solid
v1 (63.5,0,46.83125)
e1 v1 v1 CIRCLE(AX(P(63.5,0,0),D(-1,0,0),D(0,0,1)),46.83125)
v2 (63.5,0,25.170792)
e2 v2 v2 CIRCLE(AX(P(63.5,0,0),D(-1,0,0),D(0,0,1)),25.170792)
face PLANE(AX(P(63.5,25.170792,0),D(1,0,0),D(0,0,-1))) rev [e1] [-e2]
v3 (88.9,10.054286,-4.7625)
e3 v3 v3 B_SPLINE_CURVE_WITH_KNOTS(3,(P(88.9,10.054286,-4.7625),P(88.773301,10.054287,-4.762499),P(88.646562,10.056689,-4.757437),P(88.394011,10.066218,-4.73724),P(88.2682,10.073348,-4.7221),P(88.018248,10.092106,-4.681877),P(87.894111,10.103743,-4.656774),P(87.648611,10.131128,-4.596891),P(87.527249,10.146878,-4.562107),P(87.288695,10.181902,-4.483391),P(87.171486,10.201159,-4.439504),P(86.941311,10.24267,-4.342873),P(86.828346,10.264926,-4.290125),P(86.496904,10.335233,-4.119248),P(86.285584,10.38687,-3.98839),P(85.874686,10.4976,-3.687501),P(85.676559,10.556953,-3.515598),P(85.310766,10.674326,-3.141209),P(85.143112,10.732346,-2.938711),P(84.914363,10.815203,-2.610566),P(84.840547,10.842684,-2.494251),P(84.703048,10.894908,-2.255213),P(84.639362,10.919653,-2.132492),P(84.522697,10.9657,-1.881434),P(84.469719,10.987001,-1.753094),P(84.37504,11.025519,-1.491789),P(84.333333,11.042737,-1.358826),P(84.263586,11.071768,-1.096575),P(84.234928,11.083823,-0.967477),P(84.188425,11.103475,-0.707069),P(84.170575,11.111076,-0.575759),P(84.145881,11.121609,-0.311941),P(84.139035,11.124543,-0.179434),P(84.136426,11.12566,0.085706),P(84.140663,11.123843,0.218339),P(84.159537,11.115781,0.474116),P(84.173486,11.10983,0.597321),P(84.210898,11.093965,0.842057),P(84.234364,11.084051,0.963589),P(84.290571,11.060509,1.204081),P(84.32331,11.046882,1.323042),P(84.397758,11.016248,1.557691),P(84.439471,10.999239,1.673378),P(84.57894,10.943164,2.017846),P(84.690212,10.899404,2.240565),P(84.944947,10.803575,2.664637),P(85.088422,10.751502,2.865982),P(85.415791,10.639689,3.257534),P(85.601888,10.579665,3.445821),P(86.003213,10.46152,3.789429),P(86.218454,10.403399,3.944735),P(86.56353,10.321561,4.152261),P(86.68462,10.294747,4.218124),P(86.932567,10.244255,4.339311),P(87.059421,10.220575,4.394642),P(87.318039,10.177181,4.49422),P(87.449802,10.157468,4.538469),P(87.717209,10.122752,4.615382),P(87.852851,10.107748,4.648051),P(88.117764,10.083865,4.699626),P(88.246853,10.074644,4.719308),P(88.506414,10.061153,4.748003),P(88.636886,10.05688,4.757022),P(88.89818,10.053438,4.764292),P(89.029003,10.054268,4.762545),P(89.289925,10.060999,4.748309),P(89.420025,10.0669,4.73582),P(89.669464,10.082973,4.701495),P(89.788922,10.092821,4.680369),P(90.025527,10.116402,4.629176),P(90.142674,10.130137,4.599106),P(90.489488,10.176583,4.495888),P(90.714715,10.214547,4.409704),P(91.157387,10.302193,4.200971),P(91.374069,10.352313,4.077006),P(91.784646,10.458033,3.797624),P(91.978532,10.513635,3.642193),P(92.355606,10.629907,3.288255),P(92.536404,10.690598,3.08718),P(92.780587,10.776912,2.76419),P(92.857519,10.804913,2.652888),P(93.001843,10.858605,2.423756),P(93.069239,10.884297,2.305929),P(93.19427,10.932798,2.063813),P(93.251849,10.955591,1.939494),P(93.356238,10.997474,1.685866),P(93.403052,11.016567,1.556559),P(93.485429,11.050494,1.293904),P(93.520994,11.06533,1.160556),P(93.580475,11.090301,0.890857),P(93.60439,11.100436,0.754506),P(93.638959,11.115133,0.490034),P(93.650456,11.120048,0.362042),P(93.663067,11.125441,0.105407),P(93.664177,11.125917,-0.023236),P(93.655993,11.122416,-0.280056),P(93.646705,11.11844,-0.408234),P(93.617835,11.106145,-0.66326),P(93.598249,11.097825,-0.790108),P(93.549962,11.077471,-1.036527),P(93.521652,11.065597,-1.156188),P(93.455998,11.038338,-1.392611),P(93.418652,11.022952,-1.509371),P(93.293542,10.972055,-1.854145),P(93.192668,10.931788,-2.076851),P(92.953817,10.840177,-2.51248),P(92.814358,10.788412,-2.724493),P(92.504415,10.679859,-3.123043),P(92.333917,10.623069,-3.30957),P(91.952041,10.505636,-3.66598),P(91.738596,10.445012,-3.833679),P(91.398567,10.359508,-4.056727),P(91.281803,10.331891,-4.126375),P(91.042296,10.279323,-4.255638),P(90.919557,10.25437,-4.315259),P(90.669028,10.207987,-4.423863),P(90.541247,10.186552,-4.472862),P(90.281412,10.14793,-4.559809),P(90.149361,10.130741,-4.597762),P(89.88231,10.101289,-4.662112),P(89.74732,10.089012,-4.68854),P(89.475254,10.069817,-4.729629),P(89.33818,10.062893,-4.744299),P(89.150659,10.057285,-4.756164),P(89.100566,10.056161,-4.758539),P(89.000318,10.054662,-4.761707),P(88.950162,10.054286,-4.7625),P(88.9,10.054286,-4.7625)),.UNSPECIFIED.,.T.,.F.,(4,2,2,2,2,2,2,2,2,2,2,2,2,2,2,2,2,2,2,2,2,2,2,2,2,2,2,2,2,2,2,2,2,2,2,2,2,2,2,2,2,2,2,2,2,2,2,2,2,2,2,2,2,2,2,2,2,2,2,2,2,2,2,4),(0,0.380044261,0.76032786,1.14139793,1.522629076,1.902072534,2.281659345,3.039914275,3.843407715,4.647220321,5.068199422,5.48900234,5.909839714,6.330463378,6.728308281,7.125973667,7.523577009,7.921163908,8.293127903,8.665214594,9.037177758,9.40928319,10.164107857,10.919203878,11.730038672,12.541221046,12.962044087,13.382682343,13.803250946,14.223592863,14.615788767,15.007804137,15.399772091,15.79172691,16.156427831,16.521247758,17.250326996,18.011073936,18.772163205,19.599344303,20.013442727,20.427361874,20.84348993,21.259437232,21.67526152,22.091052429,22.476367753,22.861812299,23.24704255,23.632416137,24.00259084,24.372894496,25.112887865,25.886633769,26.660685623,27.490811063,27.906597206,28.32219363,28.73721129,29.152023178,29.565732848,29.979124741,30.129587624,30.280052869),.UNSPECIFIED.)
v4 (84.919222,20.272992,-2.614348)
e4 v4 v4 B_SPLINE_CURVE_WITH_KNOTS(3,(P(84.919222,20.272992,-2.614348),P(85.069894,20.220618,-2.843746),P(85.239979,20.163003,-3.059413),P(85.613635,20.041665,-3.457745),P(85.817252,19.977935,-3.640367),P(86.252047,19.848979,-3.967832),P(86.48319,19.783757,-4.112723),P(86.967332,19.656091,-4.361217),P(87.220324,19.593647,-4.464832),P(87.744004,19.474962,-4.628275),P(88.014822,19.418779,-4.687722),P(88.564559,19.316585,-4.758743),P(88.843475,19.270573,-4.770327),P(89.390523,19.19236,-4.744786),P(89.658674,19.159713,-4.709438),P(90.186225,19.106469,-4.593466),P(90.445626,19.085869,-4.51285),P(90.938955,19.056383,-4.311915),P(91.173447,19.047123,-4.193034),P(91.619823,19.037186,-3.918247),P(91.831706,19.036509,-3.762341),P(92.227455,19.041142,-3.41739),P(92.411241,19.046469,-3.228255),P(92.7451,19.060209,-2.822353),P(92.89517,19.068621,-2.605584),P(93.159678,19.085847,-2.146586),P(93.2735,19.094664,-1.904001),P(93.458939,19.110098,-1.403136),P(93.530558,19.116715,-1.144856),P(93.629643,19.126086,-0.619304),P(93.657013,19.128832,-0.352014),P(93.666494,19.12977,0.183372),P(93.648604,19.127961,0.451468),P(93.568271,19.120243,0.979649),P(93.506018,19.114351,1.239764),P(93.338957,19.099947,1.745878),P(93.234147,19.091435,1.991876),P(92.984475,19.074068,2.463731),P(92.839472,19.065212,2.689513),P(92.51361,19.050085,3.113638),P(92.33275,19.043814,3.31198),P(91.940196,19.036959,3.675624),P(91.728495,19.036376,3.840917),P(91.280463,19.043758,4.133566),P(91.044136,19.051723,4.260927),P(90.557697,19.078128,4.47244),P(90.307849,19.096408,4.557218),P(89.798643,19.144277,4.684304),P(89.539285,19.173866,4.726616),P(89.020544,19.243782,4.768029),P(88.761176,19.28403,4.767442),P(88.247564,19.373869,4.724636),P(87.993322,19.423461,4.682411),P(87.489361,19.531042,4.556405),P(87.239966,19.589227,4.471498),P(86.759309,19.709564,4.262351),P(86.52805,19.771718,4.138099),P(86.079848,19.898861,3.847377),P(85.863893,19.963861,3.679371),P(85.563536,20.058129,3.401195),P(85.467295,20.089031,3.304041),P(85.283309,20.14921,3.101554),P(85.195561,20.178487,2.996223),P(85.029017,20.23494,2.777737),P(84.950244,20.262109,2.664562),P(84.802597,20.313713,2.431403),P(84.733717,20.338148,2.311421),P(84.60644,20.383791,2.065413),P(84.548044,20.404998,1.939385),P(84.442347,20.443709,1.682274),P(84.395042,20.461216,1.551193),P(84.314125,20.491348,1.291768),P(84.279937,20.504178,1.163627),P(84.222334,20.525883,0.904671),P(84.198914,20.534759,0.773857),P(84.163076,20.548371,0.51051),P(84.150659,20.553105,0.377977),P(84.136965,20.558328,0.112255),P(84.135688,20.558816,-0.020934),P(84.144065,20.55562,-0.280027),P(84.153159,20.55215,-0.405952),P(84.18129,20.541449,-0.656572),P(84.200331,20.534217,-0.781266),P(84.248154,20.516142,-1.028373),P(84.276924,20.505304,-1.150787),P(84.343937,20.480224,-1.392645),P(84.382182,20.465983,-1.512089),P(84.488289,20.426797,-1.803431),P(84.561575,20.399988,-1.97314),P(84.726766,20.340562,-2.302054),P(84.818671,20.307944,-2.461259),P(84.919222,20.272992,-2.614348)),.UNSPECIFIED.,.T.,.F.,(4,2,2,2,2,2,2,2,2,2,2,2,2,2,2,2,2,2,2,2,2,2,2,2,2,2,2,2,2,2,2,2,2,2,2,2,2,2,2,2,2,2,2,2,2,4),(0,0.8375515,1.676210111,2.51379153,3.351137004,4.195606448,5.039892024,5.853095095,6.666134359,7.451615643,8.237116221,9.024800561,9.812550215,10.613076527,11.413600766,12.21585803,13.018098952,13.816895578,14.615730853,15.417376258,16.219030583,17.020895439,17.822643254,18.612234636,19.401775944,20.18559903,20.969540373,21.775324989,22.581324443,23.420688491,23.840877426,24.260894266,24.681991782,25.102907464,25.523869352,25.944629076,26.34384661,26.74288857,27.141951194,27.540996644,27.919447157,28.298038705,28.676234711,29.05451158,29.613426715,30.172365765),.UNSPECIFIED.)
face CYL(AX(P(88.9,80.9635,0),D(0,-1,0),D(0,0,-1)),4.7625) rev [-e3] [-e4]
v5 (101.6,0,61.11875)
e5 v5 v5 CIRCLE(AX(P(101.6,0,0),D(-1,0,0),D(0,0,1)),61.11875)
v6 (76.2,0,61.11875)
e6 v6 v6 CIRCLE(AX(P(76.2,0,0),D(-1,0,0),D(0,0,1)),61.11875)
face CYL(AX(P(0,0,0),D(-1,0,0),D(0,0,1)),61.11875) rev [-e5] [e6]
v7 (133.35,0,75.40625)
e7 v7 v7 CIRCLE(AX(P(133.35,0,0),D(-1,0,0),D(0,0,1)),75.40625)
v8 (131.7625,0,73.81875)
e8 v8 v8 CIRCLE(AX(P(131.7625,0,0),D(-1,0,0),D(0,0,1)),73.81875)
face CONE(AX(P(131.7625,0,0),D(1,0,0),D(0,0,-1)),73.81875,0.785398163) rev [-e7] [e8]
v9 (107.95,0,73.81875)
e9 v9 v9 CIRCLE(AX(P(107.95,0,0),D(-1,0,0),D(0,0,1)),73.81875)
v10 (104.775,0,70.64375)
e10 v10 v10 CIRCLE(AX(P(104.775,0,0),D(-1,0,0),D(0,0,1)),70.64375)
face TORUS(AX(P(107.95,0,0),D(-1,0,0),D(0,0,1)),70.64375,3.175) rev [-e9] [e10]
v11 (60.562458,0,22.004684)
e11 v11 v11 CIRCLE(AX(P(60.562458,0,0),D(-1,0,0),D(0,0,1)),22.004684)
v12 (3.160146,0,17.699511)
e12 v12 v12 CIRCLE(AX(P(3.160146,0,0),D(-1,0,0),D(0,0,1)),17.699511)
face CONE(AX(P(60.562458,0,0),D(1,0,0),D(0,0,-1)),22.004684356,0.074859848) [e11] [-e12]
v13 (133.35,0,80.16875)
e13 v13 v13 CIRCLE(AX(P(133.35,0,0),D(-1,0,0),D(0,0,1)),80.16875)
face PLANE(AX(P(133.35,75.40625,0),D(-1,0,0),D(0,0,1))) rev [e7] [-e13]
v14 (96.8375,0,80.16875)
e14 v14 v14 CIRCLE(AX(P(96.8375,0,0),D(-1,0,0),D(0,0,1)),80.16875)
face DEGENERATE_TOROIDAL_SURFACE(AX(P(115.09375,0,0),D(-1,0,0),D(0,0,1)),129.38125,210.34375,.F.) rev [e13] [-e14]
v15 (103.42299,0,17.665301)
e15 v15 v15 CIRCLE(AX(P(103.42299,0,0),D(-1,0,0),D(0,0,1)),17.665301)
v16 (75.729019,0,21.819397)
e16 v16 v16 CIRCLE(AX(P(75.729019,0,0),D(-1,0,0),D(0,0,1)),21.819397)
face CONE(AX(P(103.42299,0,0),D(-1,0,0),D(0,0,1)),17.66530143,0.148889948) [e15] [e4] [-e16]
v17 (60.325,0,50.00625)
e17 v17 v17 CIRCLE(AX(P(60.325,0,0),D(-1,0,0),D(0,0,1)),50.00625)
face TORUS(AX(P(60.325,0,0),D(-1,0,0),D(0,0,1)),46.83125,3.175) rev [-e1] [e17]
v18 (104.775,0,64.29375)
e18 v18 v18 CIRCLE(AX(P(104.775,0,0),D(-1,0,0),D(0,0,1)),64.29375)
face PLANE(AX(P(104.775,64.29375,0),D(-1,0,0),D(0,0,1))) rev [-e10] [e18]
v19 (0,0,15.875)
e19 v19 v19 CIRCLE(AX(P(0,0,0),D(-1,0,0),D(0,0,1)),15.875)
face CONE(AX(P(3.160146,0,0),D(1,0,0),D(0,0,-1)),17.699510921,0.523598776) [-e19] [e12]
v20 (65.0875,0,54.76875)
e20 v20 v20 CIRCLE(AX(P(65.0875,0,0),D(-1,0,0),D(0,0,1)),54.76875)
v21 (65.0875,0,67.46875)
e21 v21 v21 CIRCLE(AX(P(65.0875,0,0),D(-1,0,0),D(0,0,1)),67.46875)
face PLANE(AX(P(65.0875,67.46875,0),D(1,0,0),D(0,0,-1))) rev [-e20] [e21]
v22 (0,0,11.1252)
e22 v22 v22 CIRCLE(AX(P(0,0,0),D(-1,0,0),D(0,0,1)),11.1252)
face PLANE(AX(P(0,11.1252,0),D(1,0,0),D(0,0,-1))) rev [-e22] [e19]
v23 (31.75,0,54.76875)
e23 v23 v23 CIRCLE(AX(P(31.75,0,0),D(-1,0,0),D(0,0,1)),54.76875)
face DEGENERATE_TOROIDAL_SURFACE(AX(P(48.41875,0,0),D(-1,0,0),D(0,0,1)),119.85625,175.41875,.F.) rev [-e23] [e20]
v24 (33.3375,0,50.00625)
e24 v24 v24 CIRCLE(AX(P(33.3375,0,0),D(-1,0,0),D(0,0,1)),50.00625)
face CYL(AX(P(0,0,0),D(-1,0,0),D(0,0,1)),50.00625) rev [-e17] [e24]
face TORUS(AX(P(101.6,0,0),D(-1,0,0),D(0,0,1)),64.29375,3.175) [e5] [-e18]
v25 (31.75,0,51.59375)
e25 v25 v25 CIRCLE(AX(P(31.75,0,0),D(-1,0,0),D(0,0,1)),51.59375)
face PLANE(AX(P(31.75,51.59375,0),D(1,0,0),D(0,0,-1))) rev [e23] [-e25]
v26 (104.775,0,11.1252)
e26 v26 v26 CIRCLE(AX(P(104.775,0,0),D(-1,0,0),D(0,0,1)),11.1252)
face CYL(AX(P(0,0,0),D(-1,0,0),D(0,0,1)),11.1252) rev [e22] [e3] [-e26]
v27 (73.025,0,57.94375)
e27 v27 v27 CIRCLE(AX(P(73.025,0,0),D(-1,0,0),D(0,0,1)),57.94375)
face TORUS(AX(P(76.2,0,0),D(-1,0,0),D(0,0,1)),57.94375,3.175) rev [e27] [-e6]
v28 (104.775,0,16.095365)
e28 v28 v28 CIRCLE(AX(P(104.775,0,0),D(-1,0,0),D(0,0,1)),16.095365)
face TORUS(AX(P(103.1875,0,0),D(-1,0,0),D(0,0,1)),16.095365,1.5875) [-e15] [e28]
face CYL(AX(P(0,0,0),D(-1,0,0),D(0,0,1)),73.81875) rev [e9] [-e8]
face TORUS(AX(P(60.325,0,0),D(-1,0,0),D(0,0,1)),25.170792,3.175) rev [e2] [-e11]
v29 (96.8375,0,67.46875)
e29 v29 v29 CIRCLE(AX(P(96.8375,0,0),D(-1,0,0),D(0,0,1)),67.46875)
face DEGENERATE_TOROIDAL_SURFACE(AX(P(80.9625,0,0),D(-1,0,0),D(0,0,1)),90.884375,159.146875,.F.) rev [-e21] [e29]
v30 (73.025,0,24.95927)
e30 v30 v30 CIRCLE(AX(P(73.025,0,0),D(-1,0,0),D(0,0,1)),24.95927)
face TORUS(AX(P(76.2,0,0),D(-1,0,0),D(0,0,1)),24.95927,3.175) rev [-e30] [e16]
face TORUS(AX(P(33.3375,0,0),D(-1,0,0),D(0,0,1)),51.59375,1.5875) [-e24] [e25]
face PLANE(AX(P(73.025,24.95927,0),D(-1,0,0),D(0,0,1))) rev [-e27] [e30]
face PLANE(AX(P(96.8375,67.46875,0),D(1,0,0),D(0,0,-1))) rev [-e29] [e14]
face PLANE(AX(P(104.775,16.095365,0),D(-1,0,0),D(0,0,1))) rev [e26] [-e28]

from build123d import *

# Parameters (mm, degrees)
CUT_EXTRUDE1_REACH = 82.963
SKETCH2_R          = 4.7625


with BuildPart() as part:
    # Sketch1 → Revolve1 (revolve)
    with BuildSketch(Plane.XY):
        with BuildLine():
            Line((0, 11.1252), (0, 15.875))
            Line((0, 15.875), (3.160145614, 17.699510921))
            Line((3.160145614, 17.699510921), (60.562458086, 22.004684356))
            ThreePointArc((60.562458086, 22.004684356), (62.652504503, 23.011313573), (63.5, 25.170792165))
            Line((63.5, 25.170792165), (63.5, 46.83125))
            ThreePointArc((63.5, 46.83125), (62.57006403, 49.07631403), (60.325, 50.00625))
            Line((60.325, 50.00625), (33.3375, 50.00625))
            ThreePointArc((33.3375, 50.00625), (32.214967985, 50.471217985), (31.75, 51.59375))
            Line((31.75, 51.59375), (31.75, 54.76875))
            ThreePointArc((31.75, 54.76875), (48.41875, 55.5625), (65.0875, 54.76875))
            Line((65.0875, 54.76875), (65.0875, 67.46875))
            ThreePointArc((65.0875, 67.46875), (80.9625, 68.2625), (96.8375, 67.46875))
            Line((96.8375, 67.46875), (96.8375, 80.16875))
            ThreePointArc((96.8375, 80.16875), (115.09375, 80.9625), (133.35, 80.16875))
            Line((133.35, 80.16875), (133.35, 75.40625))
            Line((133.35, 75.40625), (131.7625, 73.81875))
            Line((131.7625, 73.81875), (107.95, 73.81875))
            ThreePointArc((107.95, 73.81875), (105.70493597, 72.88881403), (104.775, 70.64375))
            Line((104.775, 70.64375), (104.775, 64.29375))
            ThreePointArc((104.775, 64.29375), (103.84506403, 62.04868597), (101.6, 61.11875))
            Line((101.6, 61.11875), (76.2, 61.11875))
            ThreePointArc((76.2, 61.11875), (73.95493597, 60.18881403), (73.025, 57.94375))
            Line((73.025, 57.94375), (73.025, 24.959270061))
            ThreePointArc((73.025, 24.959270061), (73.794174832, 22.88740369), (75.729019062, 21.819397141))
            Line((75.729019062, 21.819397141), (103.422990469, 17.66530143))
            ThreePointArc((103.422990469, 17.66530143), (104.390412584, 17.131298155), (104.775, 16.095364969))
            Line((104.775, 16.095364969), (104.775, 11.1252))
            Line((104.775, 11.1252), (0, 11.1252))
        make_face()
    revolve(axis=Axis((0, 0, 0), (1, 0, 0)))

    # Sketch2 → Cut-Extrude1 (cut, up to next)
    with BuildSketch(Plane(origin=(0, 0, 0), x_dir=(1, 0, 0), z_dir=(0, 1, 0)), mode=Mode.PRIVATE) as cut_extrude1_sk1:
        with Locations((88.9, 0)):
            Circle(SKETCH2_R)
    cut_extrude1_tool1 = extrude(cut_extrude1_sk1.sketch, amount=CUT_EXTRUDE1_REACH, mode=Mode.PRIVATE) & part.part
    add(cut_extrude1_tool1.solids().sort_by_distance((88.9, 0, 0))[0], mode=Mode.SUBTRACT)


solid = part.part
